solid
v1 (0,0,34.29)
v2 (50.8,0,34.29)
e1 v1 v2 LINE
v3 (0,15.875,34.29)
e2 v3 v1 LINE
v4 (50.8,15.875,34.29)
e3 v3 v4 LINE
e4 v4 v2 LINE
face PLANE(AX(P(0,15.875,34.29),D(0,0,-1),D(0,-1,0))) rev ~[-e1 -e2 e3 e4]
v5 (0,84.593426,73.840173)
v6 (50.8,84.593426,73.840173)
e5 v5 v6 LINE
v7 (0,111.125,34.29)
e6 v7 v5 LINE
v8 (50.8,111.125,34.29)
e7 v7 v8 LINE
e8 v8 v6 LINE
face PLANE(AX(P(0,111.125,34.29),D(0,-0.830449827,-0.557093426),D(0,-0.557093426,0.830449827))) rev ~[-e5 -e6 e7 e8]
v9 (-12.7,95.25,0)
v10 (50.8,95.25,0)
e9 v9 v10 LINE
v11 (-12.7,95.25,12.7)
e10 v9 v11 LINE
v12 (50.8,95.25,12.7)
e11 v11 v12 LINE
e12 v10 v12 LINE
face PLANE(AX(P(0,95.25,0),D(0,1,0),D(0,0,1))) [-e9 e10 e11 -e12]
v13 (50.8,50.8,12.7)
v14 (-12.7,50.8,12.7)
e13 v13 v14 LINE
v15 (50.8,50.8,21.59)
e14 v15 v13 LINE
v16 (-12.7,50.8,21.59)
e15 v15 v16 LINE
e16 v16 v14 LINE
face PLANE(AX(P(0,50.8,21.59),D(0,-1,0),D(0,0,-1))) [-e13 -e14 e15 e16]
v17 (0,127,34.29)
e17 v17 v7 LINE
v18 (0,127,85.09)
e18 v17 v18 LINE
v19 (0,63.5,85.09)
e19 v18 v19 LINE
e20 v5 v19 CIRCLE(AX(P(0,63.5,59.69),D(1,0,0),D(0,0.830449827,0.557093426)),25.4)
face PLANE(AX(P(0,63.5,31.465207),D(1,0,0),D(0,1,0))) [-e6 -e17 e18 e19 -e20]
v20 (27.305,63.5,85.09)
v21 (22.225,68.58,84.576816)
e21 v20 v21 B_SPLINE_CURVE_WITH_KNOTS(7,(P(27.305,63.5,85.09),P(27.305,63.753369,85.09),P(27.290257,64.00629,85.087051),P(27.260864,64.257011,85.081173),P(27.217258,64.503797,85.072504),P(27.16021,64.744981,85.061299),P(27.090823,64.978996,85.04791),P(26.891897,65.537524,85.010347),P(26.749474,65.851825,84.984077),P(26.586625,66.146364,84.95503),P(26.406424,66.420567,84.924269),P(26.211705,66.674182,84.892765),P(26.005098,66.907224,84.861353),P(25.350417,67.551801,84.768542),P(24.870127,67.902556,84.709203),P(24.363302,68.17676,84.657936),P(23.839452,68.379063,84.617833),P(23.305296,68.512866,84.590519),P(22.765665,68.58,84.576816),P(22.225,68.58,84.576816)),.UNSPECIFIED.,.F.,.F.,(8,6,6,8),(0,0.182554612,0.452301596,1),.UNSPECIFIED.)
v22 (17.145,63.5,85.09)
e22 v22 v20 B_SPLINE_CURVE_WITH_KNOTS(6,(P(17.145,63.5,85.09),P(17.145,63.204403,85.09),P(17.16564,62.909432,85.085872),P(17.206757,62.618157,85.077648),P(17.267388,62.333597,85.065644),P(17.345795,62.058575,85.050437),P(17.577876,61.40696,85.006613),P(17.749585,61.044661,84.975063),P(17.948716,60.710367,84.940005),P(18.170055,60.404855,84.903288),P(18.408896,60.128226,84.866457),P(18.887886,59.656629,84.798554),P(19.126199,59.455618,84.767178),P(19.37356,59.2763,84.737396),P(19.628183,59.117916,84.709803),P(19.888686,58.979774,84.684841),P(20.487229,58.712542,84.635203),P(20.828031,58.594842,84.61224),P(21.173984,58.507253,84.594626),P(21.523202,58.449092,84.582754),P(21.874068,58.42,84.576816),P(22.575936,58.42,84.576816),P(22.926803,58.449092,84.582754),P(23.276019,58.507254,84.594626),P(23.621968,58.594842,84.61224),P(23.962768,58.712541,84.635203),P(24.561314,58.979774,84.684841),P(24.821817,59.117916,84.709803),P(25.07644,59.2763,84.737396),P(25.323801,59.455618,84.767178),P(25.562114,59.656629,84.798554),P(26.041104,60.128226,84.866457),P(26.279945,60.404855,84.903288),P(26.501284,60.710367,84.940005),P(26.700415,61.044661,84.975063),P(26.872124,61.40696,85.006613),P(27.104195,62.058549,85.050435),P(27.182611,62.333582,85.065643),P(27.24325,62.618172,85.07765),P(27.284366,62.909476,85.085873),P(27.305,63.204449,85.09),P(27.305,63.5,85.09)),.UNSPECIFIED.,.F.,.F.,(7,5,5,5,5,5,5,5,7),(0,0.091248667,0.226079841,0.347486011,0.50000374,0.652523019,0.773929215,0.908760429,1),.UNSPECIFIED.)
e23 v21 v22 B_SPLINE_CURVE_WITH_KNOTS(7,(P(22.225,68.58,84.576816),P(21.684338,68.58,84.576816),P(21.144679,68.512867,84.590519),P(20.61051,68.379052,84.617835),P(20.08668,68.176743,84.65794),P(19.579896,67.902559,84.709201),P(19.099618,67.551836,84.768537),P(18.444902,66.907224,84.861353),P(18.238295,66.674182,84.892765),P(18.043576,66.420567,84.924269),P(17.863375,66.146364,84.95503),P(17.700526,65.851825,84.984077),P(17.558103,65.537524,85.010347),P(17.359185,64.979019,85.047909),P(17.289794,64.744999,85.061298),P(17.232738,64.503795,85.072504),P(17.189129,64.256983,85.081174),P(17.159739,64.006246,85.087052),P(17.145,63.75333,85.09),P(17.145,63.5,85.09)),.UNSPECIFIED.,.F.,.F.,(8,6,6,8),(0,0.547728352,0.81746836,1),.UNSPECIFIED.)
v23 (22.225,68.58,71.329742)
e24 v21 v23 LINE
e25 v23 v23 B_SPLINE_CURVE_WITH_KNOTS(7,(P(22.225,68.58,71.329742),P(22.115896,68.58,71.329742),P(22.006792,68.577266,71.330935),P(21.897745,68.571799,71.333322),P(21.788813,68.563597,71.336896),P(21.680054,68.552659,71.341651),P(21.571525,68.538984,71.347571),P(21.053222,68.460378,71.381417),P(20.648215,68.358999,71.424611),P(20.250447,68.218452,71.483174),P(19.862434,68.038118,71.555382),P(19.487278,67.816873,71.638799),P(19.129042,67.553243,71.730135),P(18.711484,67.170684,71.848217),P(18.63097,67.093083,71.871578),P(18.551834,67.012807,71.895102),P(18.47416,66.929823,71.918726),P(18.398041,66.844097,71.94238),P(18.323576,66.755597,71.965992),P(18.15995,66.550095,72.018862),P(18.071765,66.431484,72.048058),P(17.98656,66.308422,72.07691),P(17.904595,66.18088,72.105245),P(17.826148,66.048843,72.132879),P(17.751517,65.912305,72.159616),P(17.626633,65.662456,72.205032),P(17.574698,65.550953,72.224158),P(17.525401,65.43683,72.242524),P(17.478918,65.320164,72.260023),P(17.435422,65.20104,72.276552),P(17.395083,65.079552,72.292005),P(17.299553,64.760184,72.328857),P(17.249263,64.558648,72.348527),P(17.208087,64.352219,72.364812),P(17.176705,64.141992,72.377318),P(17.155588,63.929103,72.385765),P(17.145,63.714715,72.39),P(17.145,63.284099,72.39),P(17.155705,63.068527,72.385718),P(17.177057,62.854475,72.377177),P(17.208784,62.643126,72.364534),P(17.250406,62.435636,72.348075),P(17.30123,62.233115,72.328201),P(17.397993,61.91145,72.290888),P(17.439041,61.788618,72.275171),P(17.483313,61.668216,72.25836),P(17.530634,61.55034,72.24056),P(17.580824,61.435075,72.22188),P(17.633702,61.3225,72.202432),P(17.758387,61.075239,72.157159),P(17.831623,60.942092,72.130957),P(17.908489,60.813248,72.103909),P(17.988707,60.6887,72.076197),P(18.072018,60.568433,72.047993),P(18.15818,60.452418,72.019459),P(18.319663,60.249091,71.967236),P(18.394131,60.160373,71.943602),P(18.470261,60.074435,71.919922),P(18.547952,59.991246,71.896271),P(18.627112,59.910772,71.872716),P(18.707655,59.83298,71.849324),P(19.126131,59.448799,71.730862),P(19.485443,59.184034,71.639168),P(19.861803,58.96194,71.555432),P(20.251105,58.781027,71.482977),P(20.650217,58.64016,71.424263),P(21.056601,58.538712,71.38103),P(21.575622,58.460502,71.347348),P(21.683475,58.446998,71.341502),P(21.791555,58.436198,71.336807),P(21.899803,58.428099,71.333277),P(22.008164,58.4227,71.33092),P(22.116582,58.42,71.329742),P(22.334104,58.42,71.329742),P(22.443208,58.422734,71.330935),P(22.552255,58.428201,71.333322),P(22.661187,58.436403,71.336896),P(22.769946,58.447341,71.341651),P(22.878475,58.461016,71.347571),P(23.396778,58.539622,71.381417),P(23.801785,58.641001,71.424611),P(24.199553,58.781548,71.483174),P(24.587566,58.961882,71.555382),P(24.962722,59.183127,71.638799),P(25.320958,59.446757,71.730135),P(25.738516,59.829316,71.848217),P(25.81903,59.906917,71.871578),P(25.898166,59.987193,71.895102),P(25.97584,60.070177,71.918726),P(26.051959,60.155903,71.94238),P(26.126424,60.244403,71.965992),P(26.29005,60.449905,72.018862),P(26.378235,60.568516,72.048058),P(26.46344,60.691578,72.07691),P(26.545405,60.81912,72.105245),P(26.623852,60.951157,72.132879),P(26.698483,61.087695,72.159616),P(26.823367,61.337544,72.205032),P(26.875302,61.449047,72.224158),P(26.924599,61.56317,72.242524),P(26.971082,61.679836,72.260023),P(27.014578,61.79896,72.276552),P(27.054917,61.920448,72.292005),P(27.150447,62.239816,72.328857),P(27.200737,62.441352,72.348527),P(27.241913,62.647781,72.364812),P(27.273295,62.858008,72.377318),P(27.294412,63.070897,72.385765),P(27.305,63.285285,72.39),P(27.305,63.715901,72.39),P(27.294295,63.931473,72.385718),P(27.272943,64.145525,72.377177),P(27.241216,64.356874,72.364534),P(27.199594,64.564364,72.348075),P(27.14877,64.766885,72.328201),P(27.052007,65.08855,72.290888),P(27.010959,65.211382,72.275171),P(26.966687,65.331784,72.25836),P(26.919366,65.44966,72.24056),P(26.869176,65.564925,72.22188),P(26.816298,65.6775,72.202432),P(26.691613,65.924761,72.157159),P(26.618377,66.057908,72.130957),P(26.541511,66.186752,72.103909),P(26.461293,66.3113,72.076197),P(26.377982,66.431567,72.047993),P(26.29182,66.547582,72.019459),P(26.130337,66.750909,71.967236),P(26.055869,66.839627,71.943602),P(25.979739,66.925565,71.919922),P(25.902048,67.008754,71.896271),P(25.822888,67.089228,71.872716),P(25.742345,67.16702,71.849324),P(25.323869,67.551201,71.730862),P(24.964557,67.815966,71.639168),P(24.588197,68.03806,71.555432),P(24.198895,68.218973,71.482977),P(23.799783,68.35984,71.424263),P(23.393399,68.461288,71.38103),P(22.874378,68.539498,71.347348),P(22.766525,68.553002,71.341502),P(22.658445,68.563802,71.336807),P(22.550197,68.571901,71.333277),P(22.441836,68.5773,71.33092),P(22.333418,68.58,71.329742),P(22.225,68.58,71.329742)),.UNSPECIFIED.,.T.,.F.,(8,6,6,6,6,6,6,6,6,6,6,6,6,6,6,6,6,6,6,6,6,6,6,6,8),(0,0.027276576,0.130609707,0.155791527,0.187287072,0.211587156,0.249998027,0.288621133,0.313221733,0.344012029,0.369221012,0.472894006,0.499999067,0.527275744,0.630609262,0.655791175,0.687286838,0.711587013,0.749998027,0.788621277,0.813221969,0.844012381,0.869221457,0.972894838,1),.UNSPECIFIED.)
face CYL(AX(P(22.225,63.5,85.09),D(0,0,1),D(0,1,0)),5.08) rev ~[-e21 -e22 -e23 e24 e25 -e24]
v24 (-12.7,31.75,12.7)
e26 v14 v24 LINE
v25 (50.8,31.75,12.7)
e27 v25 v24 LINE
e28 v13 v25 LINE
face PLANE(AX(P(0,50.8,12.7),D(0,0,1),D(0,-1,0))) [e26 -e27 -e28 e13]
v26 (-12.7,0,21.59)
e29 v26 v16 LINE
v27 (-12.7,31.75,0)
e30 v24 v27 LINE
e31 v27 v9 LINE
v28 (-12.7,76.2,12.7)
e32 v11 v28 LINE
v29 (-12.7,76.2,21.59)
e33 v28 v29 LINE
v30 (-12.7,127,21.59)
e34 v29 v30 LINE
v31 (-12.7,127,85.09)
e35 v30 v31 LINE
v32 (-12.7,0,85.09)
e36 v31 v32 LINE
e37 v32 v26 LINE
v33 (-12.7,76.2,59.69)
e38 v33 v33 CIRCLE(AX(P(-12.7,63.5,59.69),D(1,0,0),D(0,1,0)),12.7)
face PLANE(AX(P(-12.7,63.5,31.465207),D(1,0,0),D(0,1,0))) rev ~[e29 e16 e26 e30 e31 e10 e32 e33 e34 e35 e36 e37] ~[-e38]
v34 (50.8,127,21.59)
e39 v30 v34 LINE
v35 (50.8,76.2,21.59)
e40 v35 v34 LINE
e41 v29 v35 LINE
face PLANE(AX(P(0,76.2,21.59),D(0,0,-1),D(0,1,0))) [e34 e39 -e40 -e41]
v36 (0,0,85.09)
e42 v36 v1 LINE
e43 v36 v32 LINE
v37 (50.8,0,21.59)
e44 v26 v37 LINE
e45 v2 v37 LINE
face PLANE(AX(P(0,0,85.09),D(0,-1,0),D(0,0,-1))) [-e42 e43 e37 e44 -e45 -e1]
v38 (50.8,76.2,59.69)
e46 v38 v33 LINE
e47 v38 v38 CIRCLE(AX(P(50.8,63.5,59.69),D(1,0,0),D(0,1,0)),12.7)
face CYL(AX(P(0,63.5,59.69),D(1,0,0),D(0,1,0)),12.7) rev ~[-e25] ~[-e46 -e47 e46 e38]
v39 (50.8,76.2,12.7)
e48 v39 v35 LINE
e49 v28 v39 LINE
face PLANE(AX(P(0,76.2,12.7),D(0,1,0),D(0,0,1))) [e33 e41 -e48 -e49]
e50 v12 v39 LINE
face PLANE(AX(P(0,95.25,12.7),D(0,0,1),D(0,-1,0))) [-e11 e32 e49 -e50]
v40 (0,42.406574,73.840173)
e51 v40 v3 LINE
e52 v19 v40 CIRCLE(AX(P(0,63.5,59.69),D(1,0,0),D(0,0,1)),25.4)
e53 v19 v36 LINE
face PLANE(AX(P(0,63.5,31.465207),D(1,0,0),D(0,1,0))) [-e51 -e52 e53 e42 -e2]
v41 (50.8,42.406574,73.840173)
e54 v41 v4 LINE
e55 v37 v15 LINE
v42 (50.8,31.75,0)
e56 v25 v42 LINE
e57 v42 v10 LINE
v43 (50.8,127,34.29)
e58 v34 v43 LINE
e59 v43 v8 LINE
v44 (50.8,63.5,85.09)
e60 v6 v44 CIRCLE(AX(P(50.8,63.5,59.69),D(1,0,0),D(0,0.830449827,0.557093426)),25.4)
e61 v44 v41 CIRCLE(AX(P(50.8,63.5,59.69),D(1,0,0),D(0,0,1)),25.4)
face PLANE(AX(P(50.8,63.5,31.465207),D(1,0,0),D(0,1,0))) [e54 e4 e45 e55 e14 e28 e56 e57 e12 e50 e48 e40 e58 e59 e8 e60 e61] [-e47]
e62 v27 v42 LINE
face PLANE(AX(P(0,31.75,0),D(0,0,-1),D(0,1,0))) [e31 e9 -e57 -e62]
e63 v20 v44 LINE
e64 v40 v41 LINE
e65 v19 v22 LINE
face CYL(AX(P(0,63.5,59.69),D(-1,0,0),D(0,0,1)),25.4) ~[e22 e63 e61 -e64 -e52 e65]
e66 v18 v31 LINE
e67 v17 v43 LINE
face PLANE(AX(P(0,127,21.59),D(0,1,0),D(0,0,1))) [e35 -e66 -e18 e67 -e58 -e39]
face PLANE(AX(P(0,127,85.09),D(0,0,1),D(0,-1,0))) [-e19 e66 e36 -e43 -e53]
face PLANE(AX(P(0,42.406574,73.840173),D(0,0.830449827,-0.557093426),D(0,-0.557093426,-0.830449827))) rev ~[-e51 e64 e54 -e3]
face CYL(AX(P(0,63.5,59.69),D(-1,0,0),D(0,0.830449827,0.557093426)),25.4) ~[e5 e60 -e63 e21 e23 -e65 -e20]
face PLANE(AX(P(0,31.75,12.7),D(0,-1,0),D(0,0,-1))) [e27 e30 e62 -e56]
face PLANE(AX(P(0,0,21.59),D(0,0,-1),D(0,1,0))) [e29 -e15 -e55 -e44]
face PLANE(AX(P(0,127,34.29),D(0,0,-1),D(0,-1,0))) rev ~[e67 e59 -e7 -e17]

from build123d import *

# Parameters (mm, degrees)
F0_R     = 12.7
F1_DEPTH = 50.8
F2_DEPTH = 12.7
F3_R     = 5.08
F4_DEPTH = 13.7612578348
F5_ANGLE = 90


with BuildPart() as f1:
    # F0 (on Front) → F1 (new body)
    with BuildSketch(Plane.XZ):
        with BuildLine():
            Line((31.75, 12.7), (31.75, 0))
            Line((31.75, 0), (95.25, 0))
            Line((95.25, 0), (95.25, 12.7))
            Line((95.25, 12.7), (76.2, 12.7))
            Line((76.2, 12.7), (76.2, 21.59))
            Line((76.2, 21.59), (127, 21.59))
            Line((127, 21.59), (127, 34.29))
            Line((127, 34.29), (111.125, 34.29))
            Line((111.125, 34.29), (84.5934256055, 73.8401730104))
            ThreePointArc((84.5934256055, 73.8401730104), (75.4529411765, 82.1017647059), (63.5, 85.09))
            ThreePointArc((63.5, 85.09), (51.5470588235, 82.1017647059), (42.4065743945, 73.8401730104))
            Line((42.4065743945, 73.8401730104), (15.875, 34.29))
            Line((15.875, 34.29), (0, 34.29))
            Line((0, 34.29), (0, 21.59))
            Line((0, 21.59), (50.8, 21.59))
            Line((50.8, 21.59), (50.8, 12.7))
            Line((50.8, 12.7), (31.75, 12.7))
        make_face()
        with Locations((63.5, 59.69)):
            Circle(F0_R, mode=Mode.SUBTRACT)
    extrude(amount=F1_DEPTH)

    # F0 (on Front) → F2 (join)
    with BuildSketch(Plane.XZ):
        with BuildLine():
            Line((31.75, 12.7), (31.75, 0))
            Line((31.75, 0), (95.25, 0))
            Line((95.25, 0), (95.25, 12.7))
            Line((95.25, 12.7), (76.2, 12.7))
            Line((76.2, 12.7), (76.2, 21.59))
            Line((76.2, 21.59), (127, 21.59))
            Line((127, 21.59), (127, 34.29))
            Line((127, 34.29), (111.125, 34.29))
            Line((111.125, 34.29), (84.5934256055, 73.8401730104))
            ThreePointArc((84.5934256055, 73.8401730104), (75.4529411765, 82.1017647059), (63.5, 85.09))
            ThreePointArc((63.5, 85.09), (51.5470588235, 82.1017647059), (42.4065743945, 73.8401730104))
            Line((42.4065743945, 73.8401730104), (15.875, 34.29))
            Line((15.875, 34.29), (0, 34.29))
            Line((0, 34.29), (0, 21.59))
            Line((0, 21.59), (50.8, 21.59))
            Line((50.8, 21.59), (50.8, 12.7))
            Line((50.8, 12.7), (31.75, 12.7))
        make_face()
        with Locations((63.5, 59.69)):
            Circle(F0_R, mode=Mode.SUBTRACT)
        with BuildLine():
            Line((0, 85.09), (0, 34.29))
            Line((0, 34.29), (15.875, 34.29))
            Line((15.875, 34.29), (42.4065743945, 73.8401730104))
            ThreePointArc((42.4065743945, 73.8401730104), (51.5470588235, 82.1017647059), (63.5, 85.09))
            Line((63.5, 85.09), (0, 85.09))
        make_face()
        with BuildLine():
            Line((111.125, 34.29), (127, 34.29))
            Line((127, 34.29), (127, 85.09))
            Line((127, 85.09), (63.5, 85.09))
            ThreePointArc((63.5, 85.09), (75.4529411765, 82.1017647059), (84.5934256055, 73.8401730104))
            Line((84.5934256055, 73.8401730104), (111.125, 34.29))
        make_face()
    extrude(amount=-F2_DEPTH)

    # F3 (on face) → F4 (cut, through all)
    with BuildSketch(Plane.XY.offset(85.09)):
        with Locations((63.5, -22.225)):
            Circle(F3_R)
    extrude(amount=-F4_DEPTH, mode=Mode.SUBTRACT)


with BuildPart() as f1_1:
    # F5: moved
    add(f1.part.rotate(Axis((0, 0, 59.69), (0, 0, 1)), F5_ANGLE))


solid = f1_1.part
